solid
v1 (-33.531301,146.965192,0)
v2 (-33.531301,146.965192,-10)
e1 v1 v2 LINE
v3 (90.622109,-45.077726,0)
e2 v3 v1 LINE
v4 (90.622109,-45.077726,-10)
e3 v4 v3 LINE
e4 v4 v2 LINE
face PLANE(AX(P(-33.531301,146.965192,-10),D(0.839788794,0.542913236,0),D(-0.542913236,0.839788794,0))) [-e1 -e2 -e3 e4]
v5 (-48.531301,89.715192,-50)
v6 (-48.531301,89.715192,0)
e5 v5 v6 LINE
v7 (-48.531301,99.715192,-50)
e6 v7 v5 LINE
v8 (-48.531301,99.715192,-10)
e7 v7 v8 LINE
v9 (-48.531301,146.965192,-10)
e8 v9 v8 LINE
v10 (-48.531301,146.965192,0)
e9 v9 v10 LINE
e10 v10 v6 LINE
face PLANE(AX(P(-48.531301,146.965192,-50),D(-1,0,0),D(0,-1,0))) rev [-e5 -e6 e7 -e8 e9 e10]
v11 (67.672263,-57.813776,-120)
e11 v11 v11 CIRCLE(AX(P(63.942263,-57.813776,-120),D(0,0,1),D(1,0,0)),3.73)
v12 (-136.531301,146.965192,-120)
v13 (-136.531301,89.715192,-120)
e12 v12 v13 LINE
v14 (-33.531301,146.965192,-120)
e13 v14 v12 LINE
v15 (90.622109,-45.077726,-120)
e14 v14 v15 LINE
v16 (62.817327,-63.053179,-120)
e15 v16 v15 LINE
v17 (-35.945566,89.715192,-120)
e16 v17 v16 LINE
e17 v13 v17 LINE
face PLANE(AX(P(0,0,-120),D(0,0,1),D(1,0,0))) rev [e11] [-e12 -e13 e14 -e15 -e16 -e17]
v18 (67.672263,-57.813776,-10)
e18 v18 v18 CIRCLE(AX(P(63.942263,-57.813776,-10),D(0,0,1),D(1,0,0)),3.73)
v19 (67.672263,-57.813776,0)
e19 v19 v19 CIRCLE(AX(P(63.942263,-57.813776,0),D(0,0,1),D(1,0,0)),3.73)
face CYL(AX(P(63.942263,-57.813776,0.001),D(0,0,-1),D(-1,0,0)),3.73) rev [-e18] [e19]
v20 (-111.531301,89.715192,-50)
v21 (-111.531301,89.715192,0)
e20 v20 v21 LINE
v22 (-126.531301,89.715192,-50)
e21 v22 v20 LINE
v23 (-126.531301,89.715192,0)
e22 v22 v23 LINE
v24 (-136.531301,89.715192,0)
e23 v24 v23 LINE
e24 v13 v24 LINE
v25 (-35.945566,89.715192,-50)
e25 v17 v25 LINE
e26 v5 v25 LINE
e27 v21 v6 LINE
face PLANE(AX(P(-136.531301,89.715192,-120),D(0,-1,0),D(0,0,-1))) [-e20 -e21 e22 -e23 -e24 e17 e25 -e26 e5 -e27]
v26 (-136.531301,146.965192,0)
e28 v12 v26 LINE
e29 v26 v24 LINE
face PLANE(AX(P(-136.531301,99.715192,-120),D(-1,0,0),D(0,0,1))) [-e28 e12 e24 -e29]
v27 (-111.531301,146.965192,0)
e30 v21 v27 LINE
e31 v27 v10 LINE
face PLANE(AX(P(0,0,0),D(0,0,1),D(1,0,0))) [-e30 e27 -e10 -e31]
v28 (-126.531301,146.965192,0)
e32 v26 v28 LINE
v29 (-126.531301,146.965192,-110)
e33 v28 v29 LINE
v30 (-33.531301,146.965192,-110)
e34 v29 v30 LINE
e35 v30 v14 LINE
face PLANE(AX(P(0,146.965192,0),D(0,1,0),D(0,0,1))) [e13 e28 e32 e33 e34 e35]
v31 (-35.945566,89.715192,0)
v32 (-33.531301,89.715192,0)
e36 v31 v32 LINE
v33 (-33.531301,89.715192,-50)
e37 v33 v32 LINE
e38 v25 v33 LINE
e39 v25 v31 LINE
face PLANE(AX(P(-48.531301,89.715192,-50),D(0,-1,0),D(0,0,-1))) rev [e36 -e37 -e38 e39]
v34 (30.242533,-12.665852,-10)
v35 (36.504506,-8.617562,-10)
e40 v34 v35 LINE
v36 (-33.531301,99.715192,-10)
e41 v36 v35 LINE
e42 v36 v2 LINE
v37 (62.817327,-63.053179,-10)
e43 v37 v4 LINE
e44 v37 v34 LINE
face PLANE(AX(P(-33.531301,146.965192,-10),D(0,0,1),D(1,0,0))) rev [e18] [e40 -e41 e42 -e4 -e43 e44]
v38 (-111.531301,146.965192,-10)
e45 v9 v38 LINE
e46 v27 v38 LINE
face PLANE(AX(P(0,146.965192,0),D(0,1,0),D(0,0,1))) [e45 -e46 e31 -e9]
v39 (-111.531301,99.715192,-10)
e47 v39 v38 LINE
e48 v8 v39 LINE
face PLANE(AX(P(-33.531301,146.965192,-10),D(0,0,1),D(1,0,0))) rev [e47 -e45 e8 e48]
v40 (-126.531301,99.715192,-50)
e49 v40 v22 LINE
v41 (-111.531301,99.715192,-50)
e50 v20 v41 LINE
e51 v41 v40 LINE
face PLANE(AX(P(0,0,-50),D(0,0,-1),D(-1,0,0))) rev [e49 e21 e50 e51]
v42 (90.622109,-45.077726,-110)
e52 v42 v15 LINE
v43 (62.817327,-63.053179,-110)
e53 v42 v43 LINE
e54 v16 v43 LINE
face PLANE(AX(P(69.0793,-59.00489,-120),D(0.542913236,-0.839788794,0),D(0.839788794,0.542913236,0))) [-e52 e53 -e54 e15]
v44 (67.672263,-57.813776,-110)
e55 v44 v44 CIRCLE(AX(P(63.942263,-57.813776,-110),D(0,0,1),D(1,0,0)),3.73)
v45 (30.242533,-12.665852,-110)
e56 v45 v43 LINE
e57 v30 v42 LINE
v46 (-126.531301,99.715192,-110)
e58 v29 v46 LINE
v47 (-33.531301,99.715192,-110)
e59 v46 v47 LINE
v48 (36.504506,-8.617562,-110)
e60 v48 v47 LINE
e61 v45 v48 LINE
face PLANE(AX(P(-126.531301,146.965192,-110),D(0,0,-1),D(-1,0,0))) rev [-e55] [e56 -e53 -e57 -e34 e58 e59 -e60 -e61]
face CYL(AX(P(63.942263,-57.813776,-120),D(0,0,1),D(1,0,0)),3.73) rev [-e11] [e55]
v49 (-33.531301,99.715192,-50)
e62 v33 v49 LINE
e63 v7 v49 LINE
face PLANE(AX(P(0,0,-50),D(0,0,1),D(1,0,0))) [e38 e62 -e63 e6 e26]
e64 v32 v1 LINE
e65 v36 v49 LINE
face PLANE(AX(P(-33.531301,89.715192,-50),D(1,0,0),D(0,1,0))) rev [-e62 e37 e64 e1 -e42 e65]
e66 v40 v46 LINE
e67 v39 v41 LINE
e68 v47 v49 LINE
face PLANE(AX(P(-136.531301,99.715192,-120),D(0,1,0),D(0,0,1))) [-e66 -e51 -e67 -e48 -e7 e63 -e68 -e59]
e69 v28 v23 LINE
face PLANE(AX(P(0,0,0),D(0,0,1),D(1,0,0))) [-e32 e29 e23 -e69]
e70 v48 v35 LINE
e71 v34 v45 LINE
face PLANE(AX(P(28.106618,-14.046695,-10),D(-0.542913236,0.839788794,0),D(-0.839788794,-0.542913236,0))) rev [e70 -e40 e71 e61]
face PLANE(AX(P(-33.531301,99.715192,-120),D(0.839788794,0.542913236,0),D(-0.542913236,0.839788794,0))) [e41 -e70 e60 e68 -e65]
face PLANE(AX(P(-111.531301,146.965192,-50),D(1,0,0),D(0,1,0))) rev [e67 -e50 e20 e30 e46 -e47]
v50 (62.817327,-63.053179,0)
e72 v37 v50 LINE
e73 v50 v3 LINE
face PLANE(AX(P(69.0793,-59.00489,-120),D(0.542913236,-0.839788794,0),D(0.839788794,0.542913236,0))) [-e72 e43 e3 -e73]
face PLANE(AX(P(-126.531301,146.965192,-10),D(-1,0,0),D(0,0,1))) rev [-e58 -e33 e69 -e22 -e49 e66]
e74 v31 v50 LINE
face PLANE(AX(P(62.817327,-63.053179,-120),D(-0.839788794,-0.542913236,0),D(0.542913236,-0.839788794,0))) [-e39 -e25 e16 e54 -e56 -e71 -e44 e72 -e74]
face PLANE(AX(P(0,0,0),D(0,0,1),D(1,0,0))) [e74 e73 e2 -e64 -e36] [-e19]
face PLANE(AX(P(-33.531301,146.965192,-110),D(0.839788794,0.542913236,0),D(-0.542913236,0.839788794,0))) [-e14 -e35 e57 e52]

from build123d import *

# Parameters (mm, degrees)
BOSS_EXTRU_1_DEPTH                  = 120
BOSS_EXTRU_3_DEPTH                  = 47.25
BOSS_EXTRU_4_DEPTH                  = 10
BOSS_EXTRU_5_DEPTH                  = 10
ESQUISSE6_W                         = 15
ESQUISSE6_H                         = 57.25
ENL_V_MAT_EXTRU_1_DEPTH             = 50
ESQUISSE7_W                         = 100
ESQUISSE7_H                         = 60
ENL_V_MAT_EXTRU_2_DEPTH             = 10
ESQUISSE8_R                         = 3.73
ENL_V_MAT_EXTRU_3_DEPTH             = 10
ENL_V_MAT_EXTRU_3_DIRECTION_2_REACH = 112


with BuildPart() as part:
    # Esquisse1 → Boss.-Extru.1 (new body)
    with BuildSketch(Plane.XY):
        Polygon((-33.531301397, 99.715192212), (69.079300245, -59.00488979), (62.817327254, -63.053179131), (-35.94556587, 89.715192212), (-136.531301397, 89.715192212), (-136.531301397, 99.715192212), align=None)
    extrude(amount=-BOSS_EXTRU_1_DEPTH)

    # Esquisse3 → Boss.-Extru.3 (add)
    with BuildSketch(Plane(origin=(0, 99.715192212, 0), x_dir=(1, 0, 0), z_dir=(0, 1, 0))):
        Polygon((-33.531301397, 110), (-33.531301397, 120), (-136.531301397, 120), (-136.531301397, 0), (-33.531301397, 0), (-33.531301397, 10), (-126.531301397, 10), (-126.531301397, 110), align=None)
    extrude(amount=BOSS_EXTRU_3_DEPTH)

    # Esquisse4 → Boss.-Extru.4 (add)
    with BuildSketch(Plane.XY):
        Polygon((-33.531301397, 146.965192212), (90.622108587, -45.077726339), (69.079300245, -59.00488979), (-33.531301397, 99.715192212), align=None)
    extrude(amount=-BOSS_EXTRU_4_DEPTH)

    # Esquisse5 → Boss.-Extru.5 (add)
    with BuildSketch(Plane(origin=(0, 0, -120), x_dir=(-1, 0, 0), z_dir=(0, 0, -1))):
        Polygon((33.531301397, 99.715192212), (33.531301397, 146.965192212), (-90.622108587, -45.077726339), (-69.079300245, -59.00488979), align=None)
    extrude(amount=-BOSS_EXTRU_5_DEPTH)

    # Esquisse6 → Enlèv. mat.-Extru.1 (cut)
    with BuildSketch(Plane.XY):
        with Locations((-119.031301397, 118.340192212)):
            Rectangle(ESQUISSE6_W, ESQUISSE6_H)
        with Locations((-41.031301397, 118.340192212)):
            Rectangle(ESQUISSE6_W, ESQUISSE6_H)
    extrude(amount=-ENL_V_MAT_EXTRU_1_DEPTH, mode=Mode.SUBTRACT)

    # Esquisse7 → Enlèv. mat.-Extru.2 (cut)
    with BuildSketch(Plane(origin=(21.815602094, 14.103521292, 0), x_dir=(0, 0, -1), z_dir=(0.839788794, 0.542913236, 0))):
        with Locations((60, -57.055711668)):
            Rectangle(ESQUISSE7_W, ESQUISSE7_H)
    extrude(amount=-ENL_V_MAT_EXTRU_2_DEPTH, mode=Mode.SUBTRACT)

    # Esquisse8 → Enlèv. mat.-Extru.3 (cut)
    with BuildSketch(Plane.XY.offset(-110)):
        with Locations((63.942262825, -57.813776091)):
            Circle(ESQUISSE8_R)
    extrude(amount=-ENL_V_MAT_EXTRU_3_DEPTH, mode=Mode.SUBTRACT)

    # Esquisse8 → Enlèv. mat.-Extru.3 direction 2 (cut, up to next)
    with BuildSketch(Plane.XY.offset(-110), mode=Mode.PRIVATE) as enl_v_mat_extru_3_direction_2_sk1:
        with Locations((63.942262825, -57.813776091)):
            Circle(ESQUISSE8_R)
    enl_v_mat_extru_3_direction_2_tool1 = extrude(enl_v_mat_extru_3_direction_2_sk1.sketch, amount=ENL_V_MAT_EXTRU_3_DIRECTION_2_REACH, mode=Mode.PRIVATE) & part.part
    add(enl_v_mat_extru_3_direction_2_tool1.solids().sort_by_distance((63.942263, -57.813776, -110))[0], mode=Mode.SUBTRACT)


solid = part.part
